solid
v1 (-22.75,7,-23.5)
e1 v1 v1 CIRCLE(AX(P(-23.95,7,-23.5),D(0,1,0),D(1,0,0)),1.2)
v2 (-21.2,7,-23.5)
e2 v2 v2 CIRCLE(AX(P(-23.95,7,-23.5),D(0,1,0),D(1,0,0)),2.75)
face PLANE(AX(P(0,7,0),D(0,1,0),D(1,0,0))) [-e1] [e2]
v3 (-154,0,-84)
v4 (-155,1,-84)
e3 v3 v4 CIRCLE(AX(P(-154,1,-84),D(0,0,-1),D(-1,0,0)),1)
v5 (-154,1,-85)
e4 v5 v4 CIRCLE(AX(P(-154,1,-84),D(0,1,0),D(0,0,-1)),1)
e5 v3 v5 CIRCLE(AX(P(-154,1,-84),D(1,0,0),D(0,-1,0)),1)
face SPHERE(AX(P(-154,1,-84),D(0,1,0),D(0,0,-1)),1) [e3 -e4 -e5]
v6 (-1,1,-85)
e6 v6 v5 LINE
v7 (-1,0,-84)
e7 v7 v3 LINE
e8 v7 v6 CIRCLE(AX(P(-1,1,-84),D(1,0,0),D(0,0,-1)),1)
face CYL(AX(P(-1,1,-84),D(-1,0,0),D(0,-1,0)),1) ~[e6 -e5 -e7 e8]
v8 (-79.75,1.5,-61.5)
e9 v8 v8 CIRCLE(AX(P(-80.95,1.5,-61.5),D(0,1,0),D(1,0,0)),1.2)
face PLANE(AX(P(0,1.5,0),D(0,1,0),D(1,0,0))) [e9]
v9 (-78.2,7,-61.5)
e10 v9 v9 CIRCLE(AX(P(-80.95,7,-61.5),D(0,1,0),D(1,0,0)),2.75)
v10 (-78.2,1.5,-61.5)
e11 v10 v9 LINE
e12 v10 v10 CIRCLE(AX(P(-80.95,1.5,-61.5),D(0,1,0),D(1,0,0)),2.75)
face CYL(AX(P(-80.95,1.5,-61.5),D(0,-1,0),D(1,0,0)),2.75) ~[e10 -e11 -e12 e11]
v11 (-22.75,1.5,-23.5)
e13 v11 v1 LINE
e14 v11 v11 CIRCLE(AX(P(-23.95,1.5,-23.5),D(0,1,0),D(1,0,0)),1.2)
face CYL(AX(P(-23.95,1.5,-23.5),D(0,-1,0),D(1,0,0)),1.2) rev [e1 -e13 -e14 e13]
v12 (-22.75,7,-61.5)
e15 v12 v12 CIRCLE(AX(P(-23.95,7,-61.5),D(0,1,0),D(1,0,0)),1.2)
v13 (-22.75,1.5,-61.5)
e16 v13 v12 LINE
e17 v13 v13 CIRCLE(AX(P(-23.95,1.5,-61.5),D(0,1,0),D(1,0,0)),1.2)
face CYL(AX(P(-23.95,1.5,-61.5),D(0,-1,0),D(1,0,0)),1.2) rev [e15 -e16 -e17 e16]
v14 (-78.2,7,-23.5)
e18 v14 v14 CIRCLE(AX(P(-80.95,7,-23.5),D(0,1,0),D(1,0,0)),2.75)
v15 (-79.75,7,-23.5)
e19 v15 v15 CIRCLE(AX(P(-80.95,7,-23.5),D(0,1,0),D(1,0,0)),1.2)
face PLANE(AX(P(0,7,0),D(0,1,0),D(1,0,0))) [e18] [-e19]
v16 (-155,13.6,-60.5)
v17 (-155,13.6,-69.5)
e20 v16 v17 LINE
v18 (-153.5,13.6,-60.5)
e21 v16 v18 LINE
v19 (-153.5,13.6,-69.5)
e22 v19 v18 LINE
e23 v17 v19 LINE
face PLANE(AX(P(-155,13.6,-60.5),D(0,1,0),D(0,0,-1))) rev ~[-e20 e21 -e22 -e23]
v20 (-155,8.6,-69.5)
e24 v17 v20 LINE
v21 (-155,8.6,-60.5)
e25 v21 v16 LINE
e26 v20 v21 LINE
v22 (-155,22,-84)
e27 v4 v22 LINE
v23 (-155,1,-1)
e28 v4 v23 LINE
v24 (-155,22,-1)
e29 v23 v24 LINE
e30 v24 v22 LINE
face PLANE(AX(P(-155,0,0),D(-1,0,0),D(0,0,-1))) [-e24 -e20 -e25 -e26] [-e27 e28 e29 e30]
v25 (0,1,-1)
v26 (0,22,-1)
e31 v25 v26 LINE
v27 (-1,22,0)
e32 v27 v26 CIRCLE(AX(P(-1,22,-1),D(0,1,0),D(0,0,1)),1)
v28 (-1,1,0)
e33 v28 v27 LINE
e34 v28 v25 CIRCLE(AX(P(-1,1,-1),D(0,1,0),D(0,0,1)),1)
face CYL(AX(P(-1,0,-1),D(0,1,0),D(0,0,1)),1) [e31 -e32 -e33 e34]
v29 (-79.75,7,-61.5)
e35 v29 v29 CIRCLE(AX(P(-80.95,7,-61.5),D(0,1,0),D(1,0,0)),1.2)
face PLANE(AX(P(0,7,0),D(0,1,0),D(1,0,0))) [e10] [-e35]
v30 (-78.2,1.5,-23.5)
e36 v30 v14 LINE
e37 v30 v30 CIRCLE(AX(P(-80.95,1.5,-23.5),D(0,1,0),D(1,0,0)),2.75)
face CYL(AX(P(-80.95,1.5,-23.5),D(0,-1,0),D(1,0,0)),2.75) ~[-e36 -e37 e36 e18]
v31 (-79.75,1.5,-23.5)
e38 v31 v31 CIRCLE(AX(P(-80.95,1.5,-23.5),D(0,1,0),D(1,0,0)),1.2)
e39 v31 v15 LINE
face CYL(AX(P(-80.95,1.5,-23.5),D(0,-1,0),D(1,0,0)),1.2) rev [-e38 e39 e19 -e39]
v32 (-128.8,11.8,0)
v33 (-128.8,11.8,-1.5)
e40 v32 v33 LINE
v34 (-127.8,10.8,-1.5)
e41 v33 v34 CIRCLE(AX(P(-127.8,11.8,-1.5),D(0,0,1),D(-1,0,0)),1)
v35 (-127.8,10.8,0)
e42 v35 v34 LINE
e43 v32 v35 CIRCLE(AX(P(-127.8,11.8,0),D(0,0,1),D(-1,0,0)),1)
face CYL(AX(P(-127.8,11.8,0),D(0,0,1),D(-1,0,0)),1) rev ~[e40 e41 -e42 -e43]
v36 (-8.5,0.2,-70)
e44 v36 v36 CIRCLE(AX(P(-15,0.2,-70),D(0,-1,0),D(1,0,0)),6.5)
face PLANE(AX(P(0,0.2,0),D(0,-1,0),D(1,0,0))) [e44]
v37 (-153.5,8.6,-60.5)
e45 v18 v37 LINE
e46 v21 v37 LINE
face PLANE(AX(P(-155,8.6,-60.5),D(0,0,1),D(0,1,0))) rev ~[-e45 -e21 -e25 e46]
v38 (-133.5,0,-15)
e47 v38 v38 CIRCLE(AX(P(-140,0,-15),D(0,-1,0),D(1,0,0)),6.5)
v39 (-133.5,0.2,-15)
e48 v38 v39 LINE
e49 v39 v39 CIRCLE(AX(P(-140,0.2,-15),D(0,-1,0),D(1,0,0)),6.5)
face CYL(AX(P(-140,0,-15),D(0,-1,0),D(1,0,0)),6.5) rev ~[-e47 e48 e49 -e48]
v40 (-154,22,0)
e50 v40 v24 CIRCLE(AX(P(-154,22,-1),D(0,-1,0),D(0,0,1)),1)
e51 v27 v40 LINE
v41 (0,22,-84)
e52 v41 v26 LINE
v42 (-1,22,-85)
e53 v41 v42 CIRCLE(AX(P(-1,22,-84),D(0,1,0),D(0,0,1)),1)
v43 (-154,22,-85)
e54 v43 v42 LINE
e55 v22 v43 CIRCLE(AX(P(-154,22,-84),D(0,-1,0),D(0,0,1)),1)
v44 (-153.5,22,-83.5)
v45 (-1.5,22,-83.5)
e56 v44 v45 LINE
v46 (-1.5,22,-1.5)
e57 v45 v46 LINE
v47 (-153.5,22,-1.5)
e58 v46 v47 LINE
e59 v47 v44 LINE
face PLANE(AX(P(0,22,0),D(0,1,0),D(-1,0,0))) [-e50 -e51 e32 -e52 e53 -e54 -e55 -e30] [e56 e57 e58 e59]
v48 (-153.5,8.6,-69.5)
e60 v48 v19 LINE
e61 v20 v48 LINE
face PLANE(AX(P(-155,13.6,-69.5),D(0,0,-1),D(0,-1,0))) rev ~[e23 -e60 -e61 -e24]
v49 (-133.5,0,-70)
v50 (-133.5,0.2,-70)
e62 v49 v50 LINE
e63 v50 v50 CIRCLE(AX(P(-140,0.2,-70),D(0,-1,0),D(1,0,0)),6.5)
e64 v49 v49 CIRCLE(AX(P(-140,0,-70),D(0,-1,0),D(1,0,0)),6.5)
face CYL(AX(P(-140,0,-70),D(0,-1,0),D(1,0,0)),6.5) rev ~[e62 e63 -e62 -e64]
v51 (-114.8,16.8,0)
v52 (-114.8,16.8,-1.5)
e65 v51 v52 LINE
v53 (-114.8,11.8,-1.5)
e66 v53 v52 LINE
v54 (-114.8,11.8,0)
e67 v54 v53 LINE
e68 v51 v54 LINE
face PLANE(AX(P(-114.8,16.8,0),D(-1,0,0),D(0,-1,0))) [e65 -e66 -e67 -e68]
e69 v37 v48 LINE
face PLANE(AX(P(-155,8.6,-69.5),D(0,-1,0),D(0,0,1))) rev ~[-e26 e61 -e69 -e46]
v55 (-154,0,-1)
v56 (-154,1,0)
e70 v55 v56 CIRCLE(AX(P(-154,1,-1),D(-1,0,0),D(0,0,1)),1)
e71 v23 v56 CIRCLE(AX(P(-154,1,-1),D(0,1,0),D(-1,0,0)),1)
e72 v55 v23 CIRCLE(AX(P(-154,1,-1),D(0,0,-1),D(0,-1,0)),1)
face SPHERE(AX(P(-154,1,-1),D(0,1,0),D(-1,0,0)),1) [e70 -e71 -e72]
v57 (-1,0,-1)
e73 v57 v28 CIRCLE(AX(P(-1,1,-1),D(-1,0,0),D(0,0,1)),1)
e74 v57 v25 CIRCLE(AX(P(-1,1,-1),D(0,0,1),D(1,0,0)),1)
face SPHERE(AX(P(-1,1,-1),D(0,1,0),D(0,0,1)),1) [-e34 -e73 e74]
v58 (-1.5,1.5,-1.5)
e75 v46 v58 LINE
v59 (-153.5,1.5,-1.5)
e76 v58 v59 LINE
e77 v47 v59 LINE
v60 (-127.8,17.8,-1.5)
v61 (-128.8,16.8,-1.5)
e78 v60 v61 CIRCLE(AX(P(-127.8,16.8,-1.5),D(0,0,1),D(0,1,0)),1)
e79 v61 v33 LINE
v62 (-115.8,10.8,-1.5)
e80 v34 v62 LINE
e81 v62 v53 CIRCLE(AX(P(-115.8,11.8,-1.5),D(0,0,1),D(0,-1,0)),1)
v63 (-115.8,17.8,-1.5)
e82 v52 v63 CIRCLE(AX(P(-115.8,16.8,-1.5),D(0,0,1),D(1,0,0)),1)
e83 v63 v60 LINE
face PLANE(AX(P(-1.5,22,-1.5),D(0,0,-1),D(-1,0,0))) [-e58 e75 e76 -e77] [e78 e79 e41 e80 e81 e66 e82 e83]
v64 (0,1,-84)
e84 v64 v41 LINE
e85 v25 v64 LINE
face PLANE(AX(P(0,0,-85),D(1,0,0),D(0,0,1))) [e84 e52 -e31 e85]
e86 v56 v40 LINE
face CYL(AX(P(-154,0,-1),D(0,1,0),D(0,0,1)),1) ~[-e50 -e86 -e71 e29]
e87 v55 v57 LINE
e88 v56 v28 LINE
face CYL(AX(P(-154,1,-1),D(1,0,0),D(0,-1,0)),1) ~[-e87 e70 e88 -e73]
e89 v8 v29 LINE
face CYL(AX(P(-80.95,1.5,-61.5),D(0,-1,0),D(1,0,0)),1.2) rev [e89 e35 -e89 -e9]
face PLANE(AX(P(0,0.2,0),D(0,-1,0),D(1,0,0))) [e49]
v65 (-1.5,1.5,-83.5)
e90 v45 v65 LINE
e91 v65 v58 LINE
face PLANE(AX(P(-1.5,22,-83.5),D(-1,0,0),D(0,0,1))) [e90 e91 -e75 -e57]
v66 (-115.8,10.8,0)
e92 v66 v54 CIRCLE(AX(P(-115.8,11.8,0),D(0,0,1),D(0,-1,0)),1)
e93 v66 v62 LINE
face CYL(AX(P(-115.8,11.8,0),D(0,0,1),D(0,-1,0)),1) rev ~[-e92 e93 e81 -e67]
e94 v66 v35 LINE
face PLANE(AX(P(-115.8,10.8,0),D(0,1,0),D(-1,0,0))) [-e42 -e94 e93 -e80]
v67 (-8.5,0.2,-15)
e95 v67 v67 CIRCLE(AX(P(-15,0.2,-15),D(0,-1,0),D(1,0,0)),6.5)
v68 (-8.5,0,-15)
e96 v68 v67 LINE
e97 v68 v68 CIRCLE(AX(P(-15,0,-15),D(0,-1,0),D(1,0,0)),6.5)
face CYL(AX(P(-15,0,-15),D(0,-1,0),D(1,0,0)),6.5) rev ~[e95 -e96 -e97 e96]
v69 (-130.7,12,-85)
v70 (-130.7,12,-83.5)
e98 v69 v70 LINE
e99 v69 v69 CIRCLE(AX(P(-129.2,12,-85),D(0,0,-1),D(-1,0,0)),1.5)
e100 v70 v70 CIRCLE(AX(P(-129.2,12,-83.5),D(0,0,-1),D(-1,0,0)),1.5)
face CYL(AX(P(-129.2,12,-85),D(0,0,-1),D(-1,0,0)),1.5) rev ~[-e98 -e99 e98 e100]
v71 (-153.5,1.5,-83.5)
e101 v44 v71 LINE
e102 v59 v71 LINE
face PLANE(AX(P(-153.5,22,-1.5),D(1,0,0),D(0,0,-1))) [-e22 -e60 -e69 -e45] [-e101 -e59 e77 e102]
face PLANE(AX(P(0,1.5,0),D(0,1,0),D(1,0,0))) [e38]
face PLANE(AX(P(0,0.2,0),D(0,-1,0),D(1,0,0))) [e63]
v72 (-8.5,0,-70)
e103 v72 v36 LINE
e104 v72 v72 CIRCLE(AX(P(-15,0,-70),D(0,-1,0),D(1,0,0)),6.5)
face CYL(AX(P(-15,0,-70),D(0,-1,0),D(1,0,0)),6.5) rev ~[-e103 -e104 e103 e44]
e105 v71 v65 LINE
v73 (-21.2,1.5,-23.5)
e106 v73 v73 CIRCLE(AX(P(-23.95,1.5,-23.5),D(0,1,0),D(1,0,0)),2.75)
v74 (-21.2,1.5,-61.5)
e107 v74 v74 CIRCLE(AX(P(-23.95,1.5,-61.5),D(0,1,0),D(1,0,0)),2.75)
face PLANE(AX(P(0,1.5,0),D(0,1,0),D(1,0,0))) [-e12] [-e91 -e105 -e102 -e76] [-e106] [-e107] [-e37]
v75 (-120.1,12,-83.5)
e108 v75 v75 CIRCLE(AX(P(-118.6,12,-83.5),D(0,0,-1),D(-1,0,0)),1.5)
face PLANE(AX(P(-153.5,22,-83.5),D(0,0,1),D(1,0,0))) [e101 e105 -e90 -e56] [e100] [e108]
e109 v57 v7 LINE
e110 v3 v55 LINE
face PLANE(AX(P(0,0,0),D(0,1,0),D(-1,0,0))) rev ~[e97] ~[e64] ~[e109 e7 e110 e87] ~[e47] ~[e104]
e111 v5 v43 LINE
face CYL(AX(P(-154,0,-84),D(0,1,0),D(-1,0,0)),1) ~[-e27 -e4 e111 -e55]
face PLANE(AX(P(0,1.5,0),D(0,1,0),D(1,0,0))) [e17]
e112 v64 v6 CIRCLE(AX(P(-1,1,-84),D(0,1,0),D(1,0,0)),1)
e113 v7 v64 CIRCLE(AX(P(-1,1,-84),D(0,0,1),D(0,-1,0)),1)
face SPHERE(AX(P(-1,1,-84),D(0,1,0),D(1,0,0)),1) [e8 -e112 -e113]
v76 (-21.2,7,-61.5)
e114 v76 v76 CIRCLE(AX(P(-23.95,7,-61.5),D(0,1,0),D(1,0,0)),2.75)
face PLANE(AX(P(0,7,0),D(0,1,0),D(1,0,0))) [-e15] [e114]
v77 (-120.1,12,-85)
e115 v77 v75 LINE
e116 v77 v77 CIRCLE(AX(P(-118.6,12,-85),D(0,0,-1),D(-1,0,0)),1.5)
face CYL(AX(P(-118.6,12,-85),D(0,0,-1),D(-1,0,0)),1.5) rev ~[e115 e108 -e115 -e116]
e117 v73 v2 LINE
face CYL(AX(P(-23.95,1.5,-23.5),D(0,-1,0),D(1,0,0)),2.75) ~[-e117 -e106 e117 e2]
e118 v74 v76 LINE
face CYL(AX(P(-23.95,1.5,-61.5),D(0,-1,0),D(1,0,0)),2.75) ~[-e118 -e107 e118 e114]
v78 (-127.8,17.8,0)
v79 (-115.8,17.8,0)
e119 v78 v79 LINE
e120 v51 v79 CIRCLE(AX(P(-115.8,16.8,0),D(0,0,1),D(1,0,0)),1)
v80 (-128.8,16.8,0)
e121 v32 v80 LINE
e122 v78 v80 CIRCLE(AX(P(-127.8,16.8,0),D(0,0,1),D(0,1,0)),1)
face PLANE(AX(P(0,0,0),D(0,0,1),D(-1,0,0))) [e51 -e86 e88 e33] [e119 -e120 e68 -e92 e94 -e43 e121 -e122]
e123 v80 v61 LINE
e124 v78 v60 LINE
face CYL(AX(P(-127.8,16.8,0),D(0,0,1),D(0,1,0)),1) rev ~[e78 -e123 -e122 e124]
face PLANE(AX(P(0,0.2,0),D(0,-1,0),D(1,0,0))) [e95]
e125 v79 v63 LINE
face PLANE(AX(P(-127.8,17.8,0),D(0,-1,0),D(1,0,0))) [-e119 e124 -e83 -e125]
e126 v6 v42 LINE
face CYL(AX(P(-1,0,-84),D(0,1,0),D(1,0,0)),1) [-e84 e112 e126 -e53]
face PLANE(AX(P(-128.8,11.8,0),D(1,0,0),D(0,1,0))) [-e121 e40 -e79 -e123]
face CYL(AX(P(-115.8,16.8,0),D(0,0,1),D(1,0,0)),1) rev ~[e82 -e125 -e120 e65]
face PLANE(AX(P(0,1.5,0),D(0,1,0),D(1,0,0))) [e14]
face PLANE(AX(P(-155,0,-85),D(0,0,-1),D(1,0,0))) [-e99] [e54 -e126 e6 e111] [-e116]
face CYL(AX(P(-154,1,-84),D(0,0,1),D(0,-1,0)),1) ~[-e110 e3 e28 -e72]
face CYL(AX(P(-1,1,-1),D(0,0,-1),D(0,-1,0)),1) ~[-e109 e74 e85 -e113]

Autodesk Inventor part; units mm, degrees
ref_plane "YZ Plane" through (0, 0, 0) normal (1, 0, 0) x (0, 1, 0)
ref_plane "XZ Plane" through (0, 0, 0) normal (0, 1, 0) x (-1, 0, 0)
ref_plane "XY Plane" through (0, 0, 0) normal (0, 0, 1) x (1, 0, 0)
sketch "Skizze1" plane through (0, 0, 0) normal (0, 1, 0) x (-1, 0, 0)
  line L0 (0, 0) -> (155, 0)
  line L1 (155, 0) -> (155, -85)
  line L2 (155, -85) -> (0, -85)
  line L3 (0, -85) -> (0, 0)
  dimension "d0" = 155
  dimension "d1" = 85
extrude "Extrusion1" add sketch "Skizze1" along normal blind 22
sketch "Skizze2" plane through (0, 22, 0) normal (0, 1, 0) x (1, 0, 0)
  line L0 (-1.5, 1.5) -> (-153.5, 1.5)
  line L1 (-153.5, 1.5) -> (-153.5, 83.5)
  line L2 (-153.5, 83.5) -> (-1.5, 83.5)
  line L3 (-1.5, 83.5) -> (-1.5, 1.5)
  line L4 (-155, 0) -> (0, 0) projected
  line L5 (0, 85) -> (-155, 85) projected
  line L6 (0, 0) -> (0, 85) projected
  line L7 (-155, 85) -> (-155, 0) projected
  dimension "d4" = 1.5
  dimension "d5" = 1.5
  dimension "d6" = 1.5
  dimension "d7" = 1.5
extrude "Extrusion2" cut sketch "Skizze2" against normal blind 20.5 contours L0 L1 L2 L3
sketch "Skizze3" plane through (-155, 0, 0) normal (0, 0, 1) x (1, 0, 0)
  line L0 (27.2, 17.8) -> (39.2, 17.8)
  line L1 (40.2, 16.8) -> (40.2, 11.8)
  line L2 (39.2, 10.8) -> (27.2, 10.8)
  line L3 (26.2, 11.8) -> (26.2, 16.8)
  arc A0 (26.2, 11.8) -> (27.2, 10.8) centre (27.2, 11.8) ccw
  arc A1 (27.2, 17.8) -> (26.2, 16.8) centre (27.2, 16.8) ccw
  arc A2 (40.2, 16.8) -> (39.2, 17.8) centre (39.2, 16.8) ccw
  arc A3 (39.2, 10.8) -> (40.2, 11.8) centre (39.2, 11.8) ccw
  line L4 (153.5, 1.5) -> (1.5, 1.5) projected
  line L5 (1.5, 22) -> (1.5, 1.5) projected
  point P0 (155, 0)
  dimension "d10" = 1
  dimension "d71" = 14
  dimension "d72" = 7
  dimension "d73" = 9.3
  dimension "d74" = 24.7
extrude "Extrusion3" cut sketch "Skizze3" against normal blind 3
sketch "Skizze4" plane through (0, 1.5, 0) normal (0, 1, 0) x (1, 0, 0)
  circle A0 centre (-80.95, 23.5) radius 2.75
  circle A1 centre (-80.95, 61.5) radius 2.75
  circle A2 centre (-23.95, 23.5) radius 2.75
  circle A3 centre (-23.95, 61.5) radius 2.75
  circle A4 centre (-80.95, 23.5) radius 1.2
  circle A5 centre (-80.95, 61.5) radius 1.2
  circle A6 centre (-23.95, 23.5) radius 1.2
  circle A7 centre (-23.95, 61.5) radius 1.2
  line L0 (-1.5, 83.5) -> (-1.5, 1.5) projected
  line L1 (-1.5, 1.5) -> (-153.5, 1.5) projected
  line L2 (-153.5, 83.5) -> (-1.5, 83.5) projected
  point P0 (0, 0)
  dimension "d13" = 5.5
  dimension "d14" = 5.5
  dimension "d15" = 5.5
  dimension "d16" = 5.5
  dimension "d17" = 38
  dimension "d18" = 38
  dimension "d19" = 57
  dimension "d40" = 2.4
  dimension "d41" = 2.4
  dimension "d42" = 2.4
  dimension "d43" = 2.4
  dimension "d44" = 22.45
  dimension "d45" = 22
  dimension "d47" = 22
  dimension "d51" = 22.45
  dimension "d53" = 57
  dimension "d54" = 22
  dimension "d55" = 22
extrude "Extrusion4" add sketch "Skizze4" along normal blind 5.5
sketch "Skizze5" plane through (-155, 0, -85) normal (-1, 0, 0) x (0, 0, 1)
  line L0 (15.5, 8.6) -> (24.5, 8.6)
  line L1 (24.5, 8.6) -> (24.5, 13.6)
  line L2 (24.5, 13.6) -> (15.5, 13.6)
  line L3 (15.5, 13.6) -> (15.5, 8.6)
  line L4 (1.5, 22) -> (1.5, 1.5) projected
  line L5 (83.5, 1.5) -> (1.5, 1.5) projected
  point P0 (85, 0)
  dimension "d59" = 14
  dimension "d60" = 9
  dimension "d61" = 5
  dimension "d62" = 7.1
extrude "Extrusion5" cut sketch "Skizze5" against normal blind 3
fillet "Rundung1" radius 1 4 edges at (0, 11, 0) (0, 11, -85) (-155, 11, 0) (-155, 11, -85)
fillet "Rundung2" radius 1 8 edges at (-0.2929, 0, -0.2929) (0, 0, -42.5) (-0.2929, 0, -84.7071) (-77.5, 0, -85) (-154.7071, 0, -84.7071) (-155, 0, -42.5) (-154.7071, 0, -0.2929) (-77.5, 0, 0)
sketch "Skizze6" plane through (0, 0, 0) normal (0, -1, 0) x (1, 0, 0)
  circle A0 centre (-140, -70) radius 6.5
  circle A1 centre (-140, -15) radius 6.5
  circle A2 centre (-15, -70) radius 6.5
  circle A3 centre (-15, -15) radius 6.5
  line L0 (-1, 0) -> (-154, 0) projected
  line L1 (-154, -85) -> (-1, -85) projected
  line L2 (-155, -1) -> (-155, -84) projected
  line L3 (0, -84) -> (0, -1) projected
  point P0 (0, 0)
  dimension "d26" = 13
  dimension "d27" = 13
  dimension "d28" = 13
  dimension "d29" = 13
  dimension "d63" = 15
  dimension "d64" = 15
  dimension "d65" = 15
  dimension "d66" = 15
  dimension "d67" = 15
  dimension "d68" = 15
  dimension "d69" = 15
  dimension "d70" = 15
extrude "Extrusion6" cut sketch "Skizze6" against normal blind 0.2
sketch "Skizze7" plane through (-1, 22, -85) normal (0, 0, -1) x (-1, 0, 0)
  circle A0 centre (128.2, -10) radius 1.5
  circle A1 centre (117.6, -10) radius 1.5
  line L0 (152.5, -20.5) -> (0.5, -20.5) projected
  line L1 (152.5, 0) -> (152.5, -20.5) projected
  point P0 (-1, -22)
  dimension "d35" = 3
  dimension "d36" = 3
  dimension "d37" = 10.6
  dimension "d56" = 10.5
  dimension "d57" = 10.5
  dimension "d58" = 24.3
extrude "Extrusion7" cut sketch "Skizze7" against normal blind 3
properties part number "Datapad_Case"
